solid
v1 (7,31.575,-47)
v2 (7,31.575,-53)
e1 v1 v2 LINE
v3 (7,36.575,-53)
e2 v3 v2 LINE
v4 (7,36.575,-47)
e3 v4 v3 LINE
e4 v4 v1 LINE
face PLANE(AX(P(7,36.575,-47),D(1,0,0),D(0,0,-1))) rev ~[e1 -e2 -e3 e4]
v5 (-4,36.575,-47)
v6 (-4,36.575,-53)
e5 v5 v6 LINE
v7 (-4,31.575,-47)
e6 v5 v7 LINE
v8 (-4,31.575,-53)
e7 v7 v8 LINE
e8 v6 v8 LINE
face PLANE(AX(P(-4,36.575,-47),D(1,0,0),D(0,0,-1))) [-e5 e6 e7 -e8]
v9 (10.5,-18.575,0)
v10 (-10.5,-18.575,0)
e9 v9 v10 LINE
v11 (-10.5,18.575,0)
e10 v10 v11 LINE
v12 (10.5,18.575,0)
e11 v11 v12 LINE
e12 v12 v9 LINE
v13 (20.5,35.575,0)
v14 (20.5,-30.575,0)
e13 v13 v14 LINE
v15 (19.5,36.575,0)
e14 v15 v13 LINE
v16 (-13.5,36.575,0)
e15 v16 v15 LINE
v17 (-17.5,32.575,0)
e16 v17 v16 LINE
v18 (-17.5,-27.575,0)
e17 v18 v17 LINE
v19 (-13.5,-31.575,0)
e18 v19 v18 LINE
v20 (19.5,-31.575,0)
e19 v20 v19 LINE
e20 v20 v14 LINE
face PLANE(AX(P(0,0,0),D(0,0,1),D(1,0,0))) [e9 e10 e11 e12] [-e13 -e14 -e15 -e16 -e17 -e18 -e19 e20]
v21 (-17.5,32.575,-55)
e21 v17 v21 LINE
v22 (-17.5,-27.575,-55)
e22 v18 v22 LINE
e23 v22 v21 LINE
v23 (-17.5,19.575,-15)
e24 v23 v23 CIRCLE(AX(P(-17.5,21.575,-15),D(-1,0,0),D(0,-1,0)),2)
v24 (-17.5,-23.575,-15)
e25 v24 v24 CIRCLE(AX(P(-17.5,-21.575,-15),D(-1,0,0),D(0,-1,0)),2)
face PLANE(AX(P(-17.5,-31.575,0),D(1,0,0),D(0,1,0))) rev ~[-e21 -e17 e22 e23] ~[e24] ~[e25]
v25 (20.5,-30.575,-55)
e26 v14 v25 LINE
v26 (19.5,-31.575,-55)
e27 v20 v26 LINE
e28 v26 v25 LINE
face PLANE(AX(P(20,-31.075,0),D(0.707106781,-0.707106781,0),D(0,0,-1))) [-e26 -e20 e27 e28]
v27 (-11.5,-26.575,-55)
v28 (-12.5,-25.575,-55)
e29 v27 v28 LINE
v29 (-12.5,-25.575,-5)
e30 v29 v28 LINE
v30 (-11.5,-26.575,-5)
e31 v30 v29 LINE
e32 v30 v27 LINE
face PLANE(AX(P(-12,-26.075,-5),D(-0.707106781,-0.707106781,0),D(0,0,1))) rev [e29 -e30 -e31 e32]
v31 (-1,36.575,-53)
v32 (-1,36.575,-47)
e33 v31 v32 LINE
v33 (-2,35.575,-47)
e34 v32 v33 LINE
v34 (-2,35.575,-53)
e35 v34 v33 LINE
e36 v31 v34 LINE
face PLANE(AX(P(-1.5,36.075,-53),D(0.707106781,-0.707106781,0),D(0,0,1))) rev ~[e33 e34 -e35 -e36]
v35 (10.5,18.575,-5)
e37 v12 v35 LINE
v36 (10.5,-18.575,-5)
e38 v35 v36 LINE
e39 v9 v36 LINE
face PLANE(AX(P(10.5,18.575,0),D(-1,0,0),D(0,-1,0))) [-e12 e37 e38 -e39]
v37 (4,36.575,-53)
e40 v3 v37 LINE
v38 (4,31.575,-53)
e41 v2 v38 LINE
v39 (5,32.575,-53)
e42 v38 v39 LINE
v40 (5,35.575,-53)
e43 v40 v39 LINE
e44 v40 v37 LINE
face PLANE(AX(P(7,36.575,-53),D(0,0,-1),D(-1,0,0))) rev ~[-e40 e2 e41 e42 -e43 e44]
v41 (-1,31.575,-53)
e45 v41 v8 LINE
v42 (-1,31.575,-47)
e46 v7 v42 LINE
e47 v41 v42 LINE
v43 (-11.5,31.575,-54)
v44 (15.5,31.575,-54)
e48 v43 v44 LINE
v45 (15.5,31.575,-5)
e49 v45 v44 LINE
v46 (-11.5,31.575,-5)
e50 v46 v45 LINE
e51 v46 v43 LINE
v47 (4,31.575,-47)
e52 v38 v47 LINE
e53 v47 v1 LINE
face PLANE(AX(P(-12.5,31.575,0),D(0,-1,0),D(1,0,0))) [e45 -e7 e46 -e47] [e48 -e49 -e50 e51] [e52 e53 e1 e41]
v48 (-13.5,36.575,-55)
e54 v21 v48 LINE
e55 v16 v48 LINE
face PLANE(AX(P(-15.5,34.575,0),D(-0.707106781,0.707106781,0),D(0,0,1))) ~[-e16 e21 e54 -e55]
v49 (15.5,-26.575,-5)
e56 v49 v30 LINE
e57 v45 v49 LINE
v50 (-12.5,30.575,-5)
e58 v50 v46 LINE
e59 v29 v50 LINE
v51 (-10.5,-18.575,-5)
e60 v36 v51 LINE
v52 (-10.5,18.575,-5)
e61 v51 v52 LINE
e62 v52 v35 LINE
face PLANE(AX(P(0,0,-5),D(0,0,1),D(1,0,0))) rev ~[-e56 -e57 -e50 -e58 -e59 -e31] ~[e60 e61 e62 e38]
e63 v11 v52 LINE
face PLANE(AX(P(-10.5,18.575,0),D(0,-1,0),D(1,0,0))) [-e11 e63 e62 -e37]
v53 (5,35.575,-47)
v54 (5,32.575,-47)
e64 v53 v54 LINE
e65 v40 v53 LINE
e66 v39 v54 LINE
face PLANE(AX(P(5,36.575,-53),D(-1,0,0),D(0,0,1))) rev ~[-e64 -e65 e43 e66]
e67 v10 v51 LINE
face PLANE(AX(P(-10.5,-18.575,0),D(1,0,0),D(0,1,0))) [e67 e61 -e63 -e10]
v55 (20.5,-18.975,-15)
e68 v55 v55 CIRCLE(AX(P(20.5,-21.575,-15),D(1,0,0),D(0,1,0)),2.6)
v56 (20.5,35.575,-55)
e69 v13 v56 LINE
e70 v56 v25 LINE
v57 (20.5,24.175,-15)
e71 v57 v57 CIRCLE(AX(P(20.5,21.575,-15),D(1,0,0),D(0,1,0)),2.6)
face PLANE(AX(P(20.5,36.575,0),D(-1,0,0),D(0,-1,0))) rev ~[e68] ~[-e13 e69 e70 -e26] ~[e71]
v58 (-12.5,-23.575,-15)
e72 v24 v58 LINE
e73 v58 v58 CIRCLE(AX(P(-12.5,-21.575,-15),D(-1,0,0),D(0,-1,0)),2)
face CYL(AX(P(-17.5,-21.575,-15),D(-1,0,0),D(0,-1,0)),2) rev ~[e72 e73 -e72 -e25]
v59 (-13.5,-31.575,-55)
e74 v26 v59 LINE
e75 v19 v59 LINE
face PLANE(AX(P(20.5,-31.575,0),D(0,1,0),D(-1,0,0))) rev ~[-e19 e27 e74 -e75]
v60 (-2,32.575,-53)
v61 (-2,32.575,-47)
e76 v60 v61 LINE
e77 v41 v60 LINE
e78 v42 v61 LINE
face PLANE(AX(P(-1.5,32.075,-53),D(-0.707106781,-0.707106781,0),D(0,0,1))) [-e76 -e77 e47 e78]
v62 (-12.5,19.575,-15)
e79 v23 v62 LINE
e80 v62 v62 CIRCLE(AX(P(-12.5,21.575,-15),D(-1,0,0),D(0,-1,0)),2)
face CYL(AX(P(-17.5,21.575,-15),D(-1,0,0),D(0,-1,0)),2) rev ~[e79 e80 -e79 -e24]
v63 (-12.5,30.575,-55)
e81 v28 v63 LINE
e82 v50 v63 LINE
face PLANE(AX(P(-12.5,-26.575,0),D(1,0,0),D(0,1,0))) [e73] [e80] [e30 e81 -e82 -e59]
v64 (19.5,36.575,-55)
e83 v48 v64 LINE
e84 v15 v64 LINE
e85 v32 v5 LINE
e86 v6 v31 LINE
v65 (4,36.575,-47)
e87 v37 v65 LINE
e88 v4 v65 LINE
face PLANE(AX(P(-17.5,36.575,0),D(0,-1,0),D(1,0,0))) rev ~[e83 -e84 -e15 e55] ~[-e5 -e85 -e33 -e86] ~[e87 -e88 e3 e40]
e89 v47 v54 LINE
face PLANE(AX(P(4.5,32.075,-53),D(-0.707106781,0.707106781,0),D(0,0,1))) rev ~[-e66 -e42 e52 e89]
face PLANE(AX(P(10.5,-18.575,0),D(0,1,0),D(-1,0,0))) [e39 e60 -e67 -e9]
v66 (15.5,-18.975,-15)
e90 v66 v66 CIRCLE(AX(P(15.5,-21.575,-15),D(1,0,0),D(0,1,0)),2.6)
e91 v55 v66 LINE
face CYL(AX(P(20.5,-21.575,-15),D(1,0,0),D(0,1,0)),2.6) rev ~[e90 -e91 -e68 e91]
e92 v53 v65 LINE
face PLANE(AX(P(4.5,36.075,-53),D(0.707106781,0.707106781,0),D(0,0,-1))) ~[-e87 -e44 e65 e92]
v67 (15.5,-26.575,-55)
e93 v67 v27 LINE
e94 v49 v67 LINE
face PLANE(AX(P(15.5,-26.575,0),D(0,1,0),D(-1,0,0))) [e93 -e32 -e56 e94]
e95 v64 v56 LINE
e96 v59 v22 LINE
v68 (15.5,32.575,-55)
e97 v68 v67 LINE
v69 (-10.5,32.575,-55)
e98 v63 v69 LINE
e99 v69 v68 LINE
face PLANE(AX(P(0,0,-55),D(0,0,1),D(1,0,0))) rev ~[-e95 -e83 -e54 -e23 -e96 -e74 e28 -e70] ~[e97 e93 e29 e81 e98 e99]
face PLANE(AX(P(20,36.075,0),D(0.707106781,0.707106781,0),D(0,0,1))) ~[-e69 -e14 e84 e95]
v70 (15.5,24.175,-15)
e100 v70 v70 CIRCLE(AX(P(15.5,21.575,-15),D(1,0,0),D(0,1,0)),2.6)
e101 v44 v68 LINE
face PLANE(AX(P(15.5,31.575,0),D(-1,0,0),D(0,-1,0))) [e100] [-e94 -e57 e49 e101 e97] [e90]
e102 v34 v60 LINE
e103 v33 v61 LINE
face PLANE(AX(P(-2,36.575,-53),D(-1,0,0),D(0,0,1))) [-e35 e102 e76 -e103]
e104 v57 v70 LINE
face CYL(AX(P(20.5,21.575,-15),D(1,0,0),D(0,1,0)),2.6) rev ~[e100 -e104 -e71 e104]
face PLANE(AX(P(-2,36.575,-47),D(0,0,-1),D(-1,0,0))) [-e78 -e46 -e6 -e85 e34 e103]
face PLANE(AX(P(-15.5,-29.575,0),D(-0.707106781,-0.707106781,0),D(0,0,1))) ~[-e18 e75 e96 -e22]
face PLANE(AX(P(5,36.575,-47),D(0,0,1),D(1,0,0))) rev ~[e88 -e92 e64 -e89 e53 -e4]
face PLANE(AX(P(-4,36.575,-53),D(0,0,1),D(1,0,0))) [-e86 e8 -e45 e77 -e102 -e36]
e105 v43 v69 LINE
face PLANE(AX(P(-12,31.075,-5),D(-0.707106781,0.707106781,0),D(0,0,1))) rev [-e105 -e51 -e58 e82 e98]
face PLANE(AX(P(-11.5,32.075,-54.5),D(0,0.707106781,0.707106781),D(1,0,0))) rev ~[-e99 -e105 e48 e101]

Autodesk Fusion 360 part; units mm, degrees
sketch "Sketch1" plane through (0, 0, 0) normal (0, 0, 1) x (1, 0, 0)
  line L0 (10.5, -18.575) -> (-10.5, -18.575)
  line L1 (-10.5, -18.575) -> (-10.5, 18.575)
  line L2 (-10.5, 18.575) -> (10.5, 18.575)
  line L3 (10.5, 18.575) -> (10.5, -18.575)
  line L4 (10.5, -18.575) -> (-10.5, 18.575) construction
  line L5 (-10.5, -18.575) -> (10.5, 18.575) construction
  line L6 (15.5, -26.575) -> (-12.5, -26.575)
  line L7 (-12.5, -26.575) -> (-12.5, 31.575)
  line L8 (-12.5, 31.575) -> (15.5, 31.575)
  line L9 (15.5, 31.575) -> (15.5, -26.575)
  line L10 (20.5, -31.575) -> (-17.5, -31.575)
  line L11 (-17.5, -31.575) -> (-17.5, 36.575)
  line L12 (-17.5, 36.575) -> (20.5, 36.575)
  line L13 (20.5, 36.575) -> (20.5, -31.575)
  dimension "d1" = 21
  dimension "d2" = 37.15
  dimension "d4" = 2
  dimension "d5" = 8
  dimension "d6" = 5
  dimension "d7" = 5
  dimension "d19" = 13
  dimension "d20" = 5
  dimension "d21" = 5
  dimension "d22" = 5
extrude "Extrude1" add sketch "Sketch1" against normal blind 5 contours L6 L7 L8 L9
extrude "Extrude2" add sketch "Sketch1" against normal blind 55 contours L10 L11 L12 L13
sketch "Sketch3" plane through (20.5, 0, 0) normal (1, 0, 0) x (0, 1, 0)
  line L0 (36.575, 0) -> (-31.575, 0)
  line L1 (-31.575, 0) -> (-31.575, -55)
  line L2 (-31.575, -55) -> (36.575, -55)
  line L3 (36.575, -55) -> (36.575, 0)
  line L4 (-31.575, -15) -> (36.575, -15) construction
  line L5 (36.575, 0) -> (-31.575, 0)
  circle A0 centre (21.575, -15) radius 2.6
  circle A1 centre (-21.575, -15) radius 2.6
  line L6 (-26.575, -5) -> (31.575, -5)
  line L7 (31.575, -5) -> (31.575, -55)
  line L8 (31.575, -55) -> (-26.575, -55)
  line L9 (-26.575, -55) -> (-26.575, -5)
  dimension "d23" = 15
  dimension "d24" = 5.2
  dimension "d25" = 5.2
  dimension "d26" = 10
  dimension "d27" = 5
extrude "Extrude4" cut sketch "Sketch3" against normal up to surface (5 mm away) contours A0 | A1
sketch "Sketch4" plane through (-17.5, 0, 0) normal (-1, 0, 0) x (0, -1, 0)
  line L0 (31.575, 0) -> (-36.575, 0)
  line L1 (-36.575, 0) -> (-36.575, -55)
  line L2 (-36.575, -55) -> (31.575, -55)
  line L3 (31.575, -55) -> (31.575, 0)
  circle A0 centre (21.575, -15) radius 2.6
  circle A1 centre (-21.575, -15) radius 2.6
  line L4 (26.575, -5) -> (-31.575, -5)
  line L5 (-31.575, -5) -> (-31.575, -55)
  line L6 (-31.575, -55) -> (26.575, -55)
  line L7 (26.575, -55) -> (26.575, -5)
  circle A2 centre (-21.575, -15) radius 2
  circle A3 centre (21.575, -15) radius 2
  dimension "d30" = 4
  dimension "d31" = 4
chamfer "Chamfer5" distance 1 angle 45 2 edges at (-12.5, -26.575, -30) (-12.5, 31.575, -30)
extrude "Extrude5" cut sketch "Sketch4" against normal through all contours A2 | A3
sketch "Sketch5" plane through (0, 36.575, 0) normal (0, 1, 0) x (-1, 0, 0)
  line L0 (-20.5, -55) -> (17.5, -55)
  line L1 (17.5, 0) -> (-20.5, 0)
  line L2 (-1.5, -55) -> (-1.5, 0) construction
  line L3 (2, -47) -> (4, -47)
  line L4 (4, -47) -> (4, -53)
  line L5 (4, -53) -> (2, -53)
  line L6 (2, -53) -> (2, -47)
  line L7 (-7, -47) -> (-7, -53)
  line L8 (-7, -53) -> (-5, -53)
  line L9 (-5, -53) -> (-5, -47)
  line L10 (-5, -47) -> (-7, -47)
  line L11 (17.5, -55) -> (17.5, 0)
  line L12 (-20.5, 0) -> (-20.5, -55)
  dimension "d35" = 6
  dimension "d36" = 2
  dimension "d37" = 3.5
  dimension "d38" = 2
extrude "Extrude6" cut sketch "Sketch5" against normal up to surface (5 mm away) contours L3 L4 L5 L6 | L7 L8 L9 L10
chamfer "Chamfer2" distance 1 angle 45 2 edges at (5, 31.575, -50) (-2, 31.575, -50)
chamfer "Chamfer3" distance 1 angle 45 2 edges at (5, 36.575, -50) (-2, 36.575, -50)
chamfer "Chamfer4" distance 1 angle 45 1 edges at (1.5, 31.575, -55)
chamfer "Chamfer1" distance 1 angle 45 2 edges at (20.5, 36.575, -27.5) (20.5, -31.575, -27.5)
chamfer "Chamfer6" distance 4 angle 45 2 edges at (-17.5, 36.575, -27.5) (-17.5, -31.575, -27.5)
equation "d30 = d31"
